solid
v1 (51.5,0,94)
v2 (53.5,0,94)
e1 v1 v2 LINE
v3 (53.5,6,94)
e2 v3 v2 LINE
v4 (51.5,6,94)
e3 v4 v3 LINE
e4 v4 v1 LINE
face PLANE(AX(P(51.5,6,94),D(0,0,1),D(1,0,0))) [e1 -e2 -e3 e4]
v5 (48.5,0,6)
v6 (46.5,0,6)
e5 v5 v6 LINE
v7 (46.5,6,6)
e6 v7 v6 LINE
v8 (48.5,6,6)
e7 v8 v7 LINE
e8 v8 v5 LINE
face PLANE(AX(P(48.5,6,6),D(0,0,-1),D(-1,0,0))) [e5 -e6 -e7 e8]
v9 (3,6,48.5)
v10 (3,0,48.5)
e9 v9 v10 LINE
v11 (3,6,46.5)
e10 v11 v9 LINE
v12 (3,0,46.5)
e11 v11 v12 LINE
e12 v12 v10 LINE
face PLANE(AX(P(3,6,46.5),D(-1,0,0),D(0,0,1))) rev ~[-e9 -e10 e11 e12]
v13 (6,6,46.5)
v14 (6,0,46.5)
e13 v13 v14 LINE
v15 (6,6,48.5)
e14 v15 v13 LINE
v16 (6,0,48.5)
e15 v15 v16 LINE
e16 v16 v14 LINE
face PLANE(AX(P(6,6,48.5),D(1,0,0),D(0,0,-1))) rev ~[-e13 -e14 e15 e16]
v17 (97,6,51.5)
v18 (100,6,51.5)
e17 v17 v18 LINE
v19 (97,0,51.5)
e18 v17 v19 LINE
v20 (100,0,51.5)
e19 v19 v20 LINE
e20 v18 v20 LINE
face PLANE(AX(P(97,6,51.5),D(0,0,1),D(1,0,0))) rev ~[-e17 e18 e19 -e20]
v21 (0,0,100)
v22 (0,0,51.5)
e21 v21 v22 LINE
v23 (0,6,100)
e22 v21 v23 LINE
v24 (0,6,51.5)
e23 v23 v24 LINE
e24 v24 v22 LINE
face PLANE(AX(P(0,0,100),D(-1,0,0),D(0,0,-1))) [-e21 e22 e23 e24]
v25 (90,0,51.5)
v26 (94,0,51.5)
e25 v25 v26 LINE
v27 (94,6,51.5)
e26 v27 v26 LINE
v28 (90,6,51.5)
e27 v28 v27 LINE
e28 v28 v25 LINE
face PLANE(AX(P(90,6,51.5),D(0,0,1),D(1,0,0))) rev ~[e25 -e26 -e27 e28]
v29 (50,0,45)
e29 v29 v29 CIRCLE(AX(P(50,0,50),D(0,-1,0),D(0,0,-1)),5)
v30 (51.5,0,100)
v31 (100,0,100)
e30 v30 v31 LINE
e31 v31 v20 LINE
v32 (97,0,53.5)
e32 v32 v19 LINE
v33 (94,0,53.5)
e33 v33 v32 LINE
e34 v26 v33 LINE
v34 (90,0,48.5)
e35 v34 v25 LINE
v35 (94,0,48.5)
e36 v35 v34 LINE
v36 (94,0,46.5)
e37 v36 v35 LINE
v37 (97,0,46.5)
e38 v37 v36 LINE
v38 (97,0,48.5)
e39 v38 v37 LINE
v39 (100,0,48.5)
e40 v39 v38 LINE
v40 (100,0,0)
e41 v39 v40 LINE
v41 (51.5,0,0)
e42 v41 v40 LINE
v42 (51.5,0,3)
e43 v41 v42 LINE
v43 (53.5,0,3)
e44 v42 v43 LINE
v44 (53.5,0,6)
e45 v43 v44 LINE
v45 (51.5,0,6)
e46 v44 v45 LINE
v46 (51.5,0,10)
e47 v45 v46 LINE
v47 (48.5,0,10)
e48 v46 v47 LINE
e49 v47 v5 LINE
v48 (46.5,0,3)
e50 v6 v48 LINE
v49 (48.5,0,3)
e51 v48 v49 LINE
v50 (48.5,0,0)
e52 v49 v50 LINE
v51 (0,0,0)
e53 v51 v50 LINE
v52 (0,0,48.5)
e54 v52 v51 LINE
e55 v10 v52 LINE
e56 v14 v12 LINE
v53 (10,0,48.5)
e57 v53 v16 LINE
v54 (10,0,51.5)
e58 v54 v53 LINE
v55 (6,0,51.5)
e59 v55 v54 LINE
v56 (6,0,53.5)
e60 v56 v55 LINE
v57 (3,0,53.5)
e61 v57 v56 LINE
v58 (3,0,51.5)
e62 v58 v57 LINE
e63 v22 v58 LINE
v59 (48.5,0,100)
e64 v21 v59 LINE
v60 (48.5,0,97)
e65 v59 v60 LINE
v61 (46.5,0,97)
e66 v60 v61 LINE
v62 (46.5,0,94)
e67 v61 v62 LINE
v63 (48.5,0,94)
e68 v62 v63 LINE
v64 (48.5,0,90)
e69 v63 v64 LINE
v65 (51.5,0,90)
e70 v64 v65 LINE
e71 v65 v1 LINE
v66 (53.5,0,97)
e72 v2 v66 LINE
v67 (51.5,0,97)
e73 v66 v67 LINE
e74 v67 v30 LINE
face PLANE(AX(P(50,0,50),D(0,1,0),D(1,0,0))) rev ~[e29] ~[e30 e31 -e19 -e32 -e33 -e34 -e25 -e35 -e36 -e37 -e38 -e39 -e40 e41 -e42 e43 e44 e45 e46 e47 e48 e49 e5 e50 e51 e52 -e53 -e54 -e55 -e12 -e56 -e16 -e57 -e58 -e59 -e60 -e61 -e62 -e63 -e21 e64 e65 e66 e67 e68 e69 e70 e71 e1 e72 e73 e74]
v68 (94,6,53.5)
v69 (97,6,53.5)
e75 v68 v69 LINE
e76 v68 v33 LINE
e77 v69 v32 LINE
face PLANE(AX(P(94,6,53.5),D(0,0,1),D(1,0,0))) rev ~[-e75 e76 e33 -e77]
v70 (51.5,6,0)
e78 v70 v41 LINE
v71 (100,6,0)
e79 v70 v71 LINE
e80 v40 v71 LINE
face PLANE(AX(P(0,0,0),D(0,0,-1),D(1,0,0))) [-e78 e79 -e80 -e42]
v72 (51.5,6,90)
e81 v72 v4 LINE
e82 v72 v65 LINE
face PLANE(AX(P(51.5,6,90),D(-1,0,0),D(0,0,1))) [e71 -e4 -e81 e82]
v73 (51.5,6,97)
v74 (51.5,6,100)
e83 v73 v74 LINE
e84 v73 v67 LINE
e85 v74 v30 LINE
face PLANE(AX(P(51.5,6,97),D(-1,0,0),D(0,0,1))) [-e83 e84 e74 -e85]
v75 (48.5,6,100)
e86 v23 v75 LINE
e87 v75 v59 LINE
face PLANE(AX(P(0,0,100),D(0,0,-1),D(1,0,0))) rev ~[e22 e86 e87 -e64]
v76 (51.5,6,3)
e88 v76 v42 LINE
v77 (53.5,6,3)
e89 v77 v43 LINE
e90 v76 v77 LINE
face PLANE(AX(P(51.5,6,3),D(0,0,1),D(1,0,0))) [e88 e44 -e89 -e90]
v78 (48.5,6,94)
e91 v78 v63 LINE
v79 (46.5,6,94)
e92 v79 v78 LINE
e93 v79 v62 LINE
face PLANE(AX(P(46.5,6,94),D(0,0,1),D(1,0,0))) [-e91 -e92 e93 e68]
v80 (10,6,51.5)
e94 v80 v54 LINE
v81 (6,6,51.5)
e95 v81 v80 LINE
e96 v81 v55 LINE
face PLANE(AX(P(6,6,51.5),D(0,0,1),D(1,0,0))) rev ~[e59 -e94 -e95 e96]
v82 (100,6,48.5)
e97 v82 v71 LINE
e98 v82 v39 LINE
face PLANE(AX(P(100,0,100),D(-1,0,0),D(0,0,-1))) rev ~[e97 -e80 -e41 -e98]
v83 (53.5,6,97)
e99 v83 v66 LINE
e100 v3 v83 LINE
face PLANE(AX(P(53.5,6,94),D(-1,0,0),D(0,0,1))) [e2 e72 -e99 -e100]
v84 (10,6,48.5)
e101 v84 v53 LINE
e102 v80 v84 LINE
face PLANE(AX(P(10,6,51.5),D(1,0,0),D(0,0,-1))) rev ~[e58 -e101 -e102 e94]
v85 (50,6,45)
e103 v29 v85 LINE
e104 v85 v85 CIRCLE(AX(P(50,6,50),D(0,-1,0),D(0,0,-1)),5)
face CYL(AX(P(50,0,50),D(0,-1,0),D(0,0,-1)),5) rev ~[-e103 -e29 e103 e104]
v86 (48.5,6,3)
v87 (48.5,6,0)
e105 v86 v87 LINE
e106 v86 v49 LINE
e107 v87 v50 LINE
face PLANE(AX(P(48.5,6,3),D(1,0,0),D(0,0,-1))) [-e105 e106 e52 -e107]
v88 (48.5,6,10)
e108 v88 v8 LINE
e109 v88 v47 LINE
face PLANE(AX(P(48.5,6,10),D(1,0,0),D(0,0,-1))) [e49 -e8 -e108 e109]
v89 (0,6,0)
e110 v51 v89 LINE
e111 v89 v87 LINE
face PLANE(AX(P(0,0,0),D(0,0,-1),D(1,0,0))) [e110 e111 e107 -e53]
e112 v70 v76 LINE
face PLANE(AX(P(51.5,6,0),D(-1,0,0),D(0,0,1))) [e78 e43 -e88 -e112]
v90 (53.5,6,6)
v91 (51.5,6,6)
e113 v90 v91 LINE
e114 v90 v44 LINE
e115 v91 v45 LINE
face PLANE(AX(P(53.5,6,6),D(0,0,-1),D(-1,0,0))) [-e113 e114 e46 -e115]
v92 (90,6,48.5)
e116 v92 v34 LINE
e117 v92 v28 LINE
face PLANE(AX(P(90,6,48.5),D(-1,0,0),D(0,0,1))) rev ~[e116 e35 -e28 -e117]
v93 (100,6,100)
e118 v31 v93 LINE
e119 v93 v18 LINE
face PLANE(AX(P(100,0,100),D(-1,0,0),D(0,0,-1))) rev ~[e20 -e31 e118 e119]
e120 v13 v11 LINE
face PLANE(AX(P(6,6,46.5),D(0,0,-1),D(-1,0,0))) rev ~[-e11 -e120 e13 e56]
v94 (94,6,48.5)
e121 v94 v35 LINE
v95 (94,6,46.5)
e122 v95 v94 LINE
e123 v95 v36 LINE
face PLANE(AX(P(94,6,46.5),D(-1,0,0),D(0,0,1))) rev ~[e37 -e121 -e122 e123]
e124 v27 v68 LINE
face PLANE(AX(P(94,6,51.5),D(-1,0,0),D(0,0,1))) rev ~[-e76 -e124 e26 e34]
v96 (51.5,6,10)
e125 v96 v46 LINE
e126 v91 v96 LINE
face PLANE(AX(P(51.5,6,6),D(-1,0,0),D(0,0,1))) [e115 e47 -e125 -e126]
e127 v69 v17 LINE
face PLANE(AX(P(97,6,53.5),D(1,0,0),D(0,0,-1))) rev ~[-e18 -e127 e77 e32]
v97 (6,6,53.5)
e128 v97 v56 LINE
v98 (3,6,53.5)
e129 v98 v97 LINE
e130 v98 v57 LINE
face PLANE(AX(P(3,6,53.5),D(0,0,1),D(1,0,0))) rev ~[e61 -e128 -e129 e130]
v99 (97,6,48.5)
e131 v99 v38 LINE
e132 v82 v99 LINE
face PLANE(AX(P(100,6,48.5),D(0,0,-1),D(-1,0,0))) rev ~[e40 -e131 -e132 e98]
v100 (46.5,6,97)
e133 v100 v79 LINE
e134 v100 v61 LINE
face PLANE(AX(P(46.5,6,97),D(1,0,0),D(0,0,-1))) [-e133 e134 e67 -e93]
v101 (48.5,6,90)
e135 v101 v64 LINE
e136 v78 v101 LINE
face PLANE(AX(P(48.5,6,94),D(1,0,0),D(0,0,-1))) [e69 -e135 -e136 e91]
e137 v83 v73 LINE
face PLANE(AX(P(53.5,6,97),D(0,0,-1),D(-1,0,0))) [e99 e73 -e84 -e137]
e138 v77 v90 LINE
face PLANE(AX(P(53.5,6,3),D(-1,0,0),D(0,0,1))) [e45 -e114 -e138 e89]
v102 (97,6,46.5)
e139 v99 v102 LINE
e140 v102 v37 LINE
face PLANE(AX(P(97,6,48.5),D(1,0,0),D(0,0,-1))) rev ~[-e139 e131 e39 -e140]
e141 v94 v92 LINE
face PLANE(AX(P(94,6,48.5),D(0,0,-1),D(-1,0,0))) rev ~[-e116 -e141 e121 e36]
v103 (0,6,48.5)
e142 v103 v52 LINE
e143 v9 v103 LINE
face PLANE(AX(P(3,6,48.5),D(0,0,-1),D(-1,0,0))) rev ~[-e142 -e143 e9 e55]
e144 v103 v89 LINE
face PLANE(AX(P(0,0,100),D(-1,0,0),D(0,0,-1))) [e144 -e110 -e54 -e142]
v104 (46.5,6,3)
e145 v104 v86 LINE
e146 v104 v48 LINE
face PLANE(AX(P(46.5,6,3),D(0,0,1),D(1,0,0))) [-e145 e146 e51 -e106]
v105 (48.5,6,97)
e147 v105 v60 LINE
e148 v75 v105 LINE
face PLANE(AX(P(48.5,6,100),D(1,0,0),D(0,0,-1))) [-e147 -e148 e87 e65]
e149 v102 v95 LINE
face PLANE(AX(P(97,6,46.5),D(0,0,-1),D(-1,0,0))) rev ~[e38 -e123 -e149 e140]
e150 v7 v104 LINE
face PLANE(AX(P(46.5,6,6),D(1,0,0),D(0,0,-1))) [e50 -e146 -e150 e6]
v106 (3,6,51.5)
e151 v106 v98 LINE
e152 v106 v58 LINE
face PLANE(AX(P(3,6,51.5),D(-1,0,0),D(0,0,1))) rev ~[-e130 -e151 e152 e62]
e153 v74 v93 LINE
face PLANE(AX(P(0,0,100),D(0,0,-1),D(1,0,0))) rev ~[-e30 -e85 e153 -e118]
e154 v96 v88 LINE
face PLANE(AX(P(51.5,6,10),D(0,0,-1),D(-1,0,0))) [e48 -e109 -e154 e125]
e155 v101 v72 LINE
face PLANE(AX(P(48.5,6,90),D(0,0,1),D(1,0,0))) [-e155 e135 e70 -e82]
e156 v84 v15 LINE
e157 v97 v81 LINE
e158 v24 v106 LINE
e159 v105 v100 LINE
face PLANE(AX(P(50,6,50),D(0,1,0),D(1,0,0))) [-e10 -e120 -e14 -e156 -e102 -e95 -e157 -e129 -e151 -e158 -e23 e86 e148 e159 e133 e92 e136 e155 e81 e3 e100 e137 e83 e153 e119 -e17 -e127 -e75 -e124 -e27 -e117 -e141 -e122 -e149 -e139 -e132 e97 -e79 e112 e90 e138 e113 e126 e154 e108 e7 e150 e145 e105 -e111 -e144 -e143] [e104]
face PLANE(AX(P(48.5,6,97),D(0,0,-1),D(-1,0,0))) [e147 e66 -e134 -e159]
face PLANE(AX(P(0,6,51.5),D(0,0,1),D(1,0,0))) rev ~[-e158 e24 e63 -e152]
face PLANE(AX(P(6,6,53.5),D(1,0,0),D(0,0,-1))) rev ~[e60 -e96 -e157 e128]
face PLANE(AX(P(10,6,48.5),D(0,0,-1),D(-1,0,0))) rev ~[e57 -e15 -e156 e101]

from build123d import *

# Parameters (mm, degrees)
SKETCH1_W           = 100
SKETCH1_H           = 100
BOSS_EXTRUDE1_DEPTH = 6
CUT_EXTRUDE1_DEPTH  = 142.548578234
SKETCH3_R           = 5
CUT_EXTRUDE2_DEPTH  = 10
CUT_EXTRUDE6_DEPTH  = 142.548578234


with BuildPart() as part:
    # Sketch1 → Boss-Extrude1 (new body)
    with BuildSketch(Plane(origin=(0, 0, 0), x_dir=(1, 0, 0), z_dir=(0, 1, 0))):
        with Locations((50, -50)):
            Rectangle(SKETCH1_W, SKETCH1_H)
    extrude(amount=BOSS_EXTRUDE1_DEPTH)

    # Sketch2 → Cut-Extrude1 (cut, through all)
    with BuildSketch(Plane(origin=(0, 6, 0), x_dir=(1, 0, 0), z_dir=(0, 1, 0))):
        Polygon((48.5, 0), (51.5, 0), (51.5, -3), (53.5, -3), (53.5, -6), (51.5, -6), (51.5, -10), (48.5, -10), (48.5, -6), (46.5, -6), (46.5, -3), (48.5, -3), align=None)
        Polygon((48.5, -100), (48.5, -97), (46.5, -97), (46.5, -94), (48.5, -94), (48.5, -90), (51.5, -90), (51.5, -94), (53.5, -94), (53.5, -97), (51.5, -97), (51.5, -100), align=None)
    extrude(amount=-CUT_EXTRUDE1_DEPTH, mode=Mode.SUBTRACT)

    # Sketch3 → Cut-Extrude2 (cut)
    with BuildSketch(Plane.XZ):
        with Locations(Location((50, 50, 0), (0, 0, 270))):
            Circle(SKETCH3_R)
    extrude(amount=-CUT_EXTRUDE2_DEPTH, mode=Mode.SUBTRACT)

    # Sketch5 → Cut-Extrude6 (cut, through all)
    with BuildSketch(Plane(origin=(0, 6, 0), x_dir=(1, 0, 0), z_dir=(0, 1, 0))):
        Polygon((3, -48.5), (0, -48.5), (0, -51.5), (3, -51.5), (3, -53.5), (6, -53.5), (6, -51.5), (10, -51.5), (10, -48.5), (6, -48.5), (6, -46.5), (3, -46.5), align=None)
        Polygon((90, -48.5), (90, -51.5), (94, -51.5), (94, -53.5), (97, -53.5), (97, -51.5), (100, -51.5), (100, -48.5), (97, -48.5), (97, -46.5), (94, -46.5), (94, -48.5), align=None)
    extrude(amount=-CUT_EXTRUDE6_DEPTH, mode=Mode.SUBTRACT)


solid = part.part
